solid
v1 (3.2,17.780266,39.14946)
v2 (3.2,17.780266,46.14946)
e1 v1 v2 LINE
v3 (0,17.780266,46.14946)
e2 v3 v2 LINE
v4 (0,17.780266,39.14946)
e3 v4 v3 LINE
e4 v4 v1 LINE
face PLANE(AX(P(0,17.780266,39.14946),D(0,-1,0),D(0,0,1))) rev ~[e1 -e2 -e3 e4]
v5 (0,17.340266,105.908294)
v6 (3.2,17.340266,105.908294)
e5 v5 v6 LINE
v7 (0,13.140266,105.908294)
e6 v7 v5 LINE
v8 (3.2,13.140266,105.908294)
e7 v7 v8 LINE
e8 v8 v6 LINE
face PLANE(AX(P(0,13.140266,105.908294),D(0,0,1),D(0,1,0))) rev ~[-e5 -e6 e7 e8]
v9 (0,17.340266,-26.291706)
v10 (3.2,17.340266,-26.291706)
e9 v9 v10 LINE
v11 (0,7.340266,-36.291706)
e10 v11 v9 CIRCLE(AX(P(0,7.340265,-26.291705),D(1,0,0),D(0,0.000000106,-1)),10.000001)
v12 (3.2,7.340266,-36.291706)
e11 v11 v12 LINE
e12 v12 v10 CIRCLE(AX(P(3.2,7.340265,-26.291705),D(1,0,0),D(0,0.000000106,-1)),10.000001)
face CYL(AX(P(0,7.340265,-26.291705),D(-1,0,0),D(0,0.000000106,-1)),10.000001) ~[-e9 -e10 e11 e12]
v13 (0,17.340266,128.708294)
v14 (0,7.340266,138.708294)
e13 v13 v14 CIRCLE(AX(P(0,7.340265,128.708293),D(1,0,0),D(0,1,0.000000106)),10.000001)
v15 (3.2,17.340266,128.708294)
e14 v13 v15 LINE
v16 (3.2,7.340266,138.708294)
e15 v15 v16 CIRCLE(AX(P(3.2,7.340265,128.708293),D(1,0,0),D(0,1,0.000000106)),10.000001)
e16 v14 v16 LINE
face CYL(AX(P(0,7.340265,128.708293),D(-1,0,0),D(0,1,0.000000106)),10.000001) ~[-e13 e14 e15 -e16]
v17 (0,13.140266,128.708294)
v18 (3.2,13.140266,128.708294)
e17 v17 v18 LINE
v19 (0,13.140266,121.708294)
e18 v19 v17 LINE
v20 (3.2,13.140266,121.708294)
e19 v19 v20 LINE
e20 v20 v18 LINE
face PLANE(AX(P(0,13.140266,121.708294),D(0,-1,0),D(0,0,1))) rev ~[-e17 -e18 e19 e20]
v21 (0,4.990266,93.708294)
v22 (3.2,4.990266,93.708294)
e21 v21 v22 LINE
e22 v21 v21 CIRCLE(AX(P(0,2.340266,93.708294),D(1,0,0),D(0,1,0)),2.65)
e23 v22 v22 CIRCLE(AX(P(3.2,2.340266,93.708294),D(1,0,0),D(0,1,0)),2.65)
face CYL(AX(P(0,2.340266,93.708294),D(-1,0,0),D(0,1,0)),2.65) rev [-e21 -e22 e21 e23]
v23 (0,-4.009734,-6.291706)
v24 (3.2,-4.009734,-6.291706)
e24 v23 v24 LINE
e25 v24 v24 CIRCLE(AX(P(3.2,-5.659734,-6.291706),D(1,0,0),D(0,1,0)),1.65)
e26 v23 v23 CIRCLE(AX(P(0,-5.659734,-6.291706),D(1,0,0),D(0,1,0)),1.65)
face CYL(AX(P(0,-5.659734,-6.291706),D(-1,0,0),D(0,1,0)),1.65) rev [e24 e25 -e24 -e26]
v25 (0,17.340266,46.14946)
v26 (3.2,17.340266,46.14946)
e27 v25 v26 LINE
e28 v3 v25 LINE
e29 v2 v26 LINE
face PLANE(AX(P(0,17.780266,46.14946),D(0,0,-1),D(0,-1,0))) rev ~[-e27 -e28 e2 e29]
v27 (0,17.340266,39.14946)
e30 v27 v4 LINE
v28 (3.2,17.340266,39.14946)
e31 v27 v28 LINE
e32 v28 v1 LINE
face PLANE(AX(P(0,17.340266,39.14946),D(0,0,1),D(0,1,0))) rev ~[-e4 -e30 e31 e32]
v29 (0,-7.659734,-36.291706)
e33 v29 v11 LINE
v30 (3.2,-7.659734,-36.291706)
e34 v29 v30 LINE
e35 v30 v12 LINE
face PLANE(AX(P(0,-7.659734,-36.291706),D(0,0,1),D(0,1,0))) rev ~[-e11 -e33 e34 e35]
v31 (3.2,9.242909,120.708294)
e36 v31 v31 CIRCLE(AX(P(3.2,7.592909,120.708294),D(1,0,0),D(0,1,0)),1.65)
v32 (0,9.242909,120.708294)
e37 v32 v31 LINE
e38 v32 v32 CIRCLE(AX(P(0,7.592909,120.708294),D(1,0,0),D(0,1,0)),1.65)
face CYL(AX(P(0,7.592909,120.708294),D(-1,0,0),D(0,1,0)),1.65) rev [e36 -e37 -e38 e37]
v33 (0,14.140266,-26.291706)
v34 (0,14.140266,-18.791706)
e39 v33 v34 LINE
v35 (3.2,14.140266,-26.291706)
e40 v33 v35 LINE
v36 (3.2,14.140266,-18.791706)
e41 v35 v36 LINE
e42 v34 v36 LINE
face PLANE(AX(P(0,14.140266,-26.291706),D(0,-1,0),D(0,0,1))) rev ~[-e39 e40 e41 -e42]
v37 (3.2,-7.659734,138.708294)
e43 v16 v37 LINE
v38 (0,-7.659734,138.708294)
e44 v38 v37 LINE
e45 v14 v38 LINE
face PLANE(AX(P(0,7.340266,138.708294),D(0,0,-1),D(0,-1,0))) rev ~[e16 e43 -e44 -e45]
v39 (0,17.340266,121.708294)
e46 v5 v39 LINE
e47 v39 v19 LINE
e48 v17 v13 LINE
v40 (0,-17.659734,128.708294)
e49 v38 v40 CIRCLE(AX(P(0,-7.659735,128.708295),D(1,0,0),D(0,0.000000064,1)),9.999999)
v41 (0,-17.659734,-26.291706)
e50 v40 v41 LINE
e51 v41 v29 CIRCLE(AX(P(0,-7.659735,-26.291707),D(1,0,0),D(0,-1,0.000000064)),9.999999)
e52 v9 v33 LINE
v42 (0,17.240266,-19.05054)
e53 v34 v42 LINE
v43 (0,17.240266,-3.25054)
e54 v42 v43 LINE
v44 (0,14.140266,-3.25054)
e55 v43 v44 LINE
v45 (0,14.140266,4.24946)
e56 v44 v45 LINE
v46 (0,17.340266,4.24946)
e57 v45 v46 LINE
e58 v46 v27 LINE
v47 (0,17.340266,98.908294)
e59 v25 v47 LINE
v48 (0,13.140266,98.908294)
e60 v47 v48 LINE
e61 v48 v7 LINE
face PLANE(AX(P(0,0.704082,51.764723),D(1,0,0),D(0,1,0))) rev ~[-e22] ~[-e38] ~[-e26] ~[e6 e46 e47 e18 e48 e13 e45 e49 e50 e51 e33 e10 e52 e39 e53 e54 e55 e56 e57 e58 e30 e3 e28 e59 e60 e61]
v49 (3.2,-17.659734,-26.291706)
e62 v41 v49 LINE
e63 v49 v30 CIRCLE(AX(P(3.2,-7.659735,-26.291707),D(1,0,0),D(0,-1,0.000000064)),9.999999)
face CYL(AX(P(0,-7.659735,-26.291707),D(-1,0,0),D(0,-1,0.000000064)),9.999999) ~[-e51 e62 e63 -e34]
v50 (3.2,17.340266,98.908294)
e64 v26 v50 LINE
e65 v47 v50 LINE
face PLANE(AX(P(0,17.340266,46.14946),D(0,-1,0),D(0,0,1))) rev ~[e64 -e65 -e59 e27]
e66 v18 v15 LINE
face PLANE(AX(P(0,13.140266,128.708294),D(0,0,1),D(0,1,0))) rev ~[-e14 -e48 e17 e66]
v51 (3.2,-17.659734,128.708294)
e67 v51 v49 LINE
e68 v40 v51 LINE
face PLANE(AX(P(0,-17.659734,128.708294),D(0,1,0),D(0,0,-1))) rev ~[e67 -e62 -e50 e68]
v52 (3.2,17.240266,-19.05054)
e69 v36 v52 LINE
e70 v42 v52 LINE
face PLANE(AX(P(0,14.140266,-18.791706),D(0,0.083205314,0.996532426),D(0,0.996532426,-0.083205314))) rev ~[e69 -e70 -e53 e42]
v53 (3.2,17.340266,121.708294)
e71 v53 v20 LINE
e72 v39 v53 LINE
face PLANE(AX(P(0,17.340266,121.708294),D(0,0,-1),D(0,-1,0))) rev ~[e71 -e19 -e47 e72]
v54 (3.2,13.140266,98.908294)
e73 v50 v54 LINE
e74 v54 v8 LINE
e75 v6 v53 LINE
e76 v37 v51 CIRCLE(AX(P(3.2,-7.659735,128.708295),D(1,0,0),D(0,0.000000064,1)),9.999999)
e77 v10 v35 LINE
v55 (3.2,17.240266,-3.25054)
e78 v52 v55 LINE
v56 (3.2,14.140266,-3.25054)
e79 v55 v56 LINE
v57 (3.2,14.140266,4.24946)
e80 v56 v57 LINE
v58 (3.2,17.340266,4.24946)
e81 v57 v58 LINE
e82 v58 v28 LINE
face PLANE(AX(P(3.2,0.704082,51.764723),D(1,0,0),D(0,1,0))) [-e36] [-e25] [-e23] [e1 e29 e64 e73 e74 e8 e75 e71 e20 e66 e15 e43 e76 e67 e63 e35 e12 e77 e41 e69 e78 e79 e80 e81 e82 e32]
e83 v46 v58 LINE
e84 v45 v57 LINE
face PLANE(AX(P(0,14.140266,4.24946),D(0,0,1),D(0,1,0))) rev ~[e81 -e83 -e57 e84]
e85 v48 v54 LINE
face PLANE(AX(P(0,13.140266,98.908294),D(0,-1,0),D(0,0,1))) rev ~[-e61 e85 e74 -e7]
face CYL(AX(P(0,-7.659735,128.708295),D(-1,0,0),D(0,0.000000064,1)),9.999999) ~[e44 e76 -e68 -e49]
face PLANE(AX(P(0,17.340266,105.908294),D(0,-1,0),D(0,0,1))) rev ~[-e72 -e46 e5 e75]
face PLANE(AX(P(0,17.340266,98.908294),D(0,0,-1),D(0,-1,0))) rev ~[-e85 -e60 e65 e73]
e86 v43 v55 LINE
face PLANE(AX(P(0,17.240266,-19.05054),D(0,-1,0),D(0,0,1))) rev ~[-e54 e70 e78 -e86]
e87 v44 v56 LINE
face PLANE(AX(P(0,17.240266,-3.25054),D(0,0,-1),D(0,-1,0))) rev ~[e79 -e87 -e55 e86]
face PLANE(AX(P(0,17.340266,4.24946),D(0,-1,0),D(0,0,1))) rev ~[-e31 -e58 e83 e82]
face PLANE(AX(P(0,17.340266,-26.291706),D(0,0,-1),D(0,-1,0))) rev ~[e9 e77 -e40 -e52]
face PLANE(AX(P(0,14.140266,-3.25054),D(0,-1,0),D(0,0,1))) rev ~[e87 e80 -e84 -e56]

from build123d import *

# Parameters (mm, degrees)
F0_R     = 1.65
F0_R_2   = 2.65
F1_DEPTH = 3.2


with BuildPart() as f1:
    # F0 (on Right) → F1 (new body)
    with BuildSketch(Plane.YZ):
        with BuildLine():
            Line((7.340266, 138.708294), (-7.659734, 138.708294))
            ThreePointArc((-7.659734, 138.708294), (-14.730802, 135.779362), (-17.659734, 128.708294))
            Line((-17.659734, 128.708294), (-17.659734, 61.94946))
            Line((-17.659734, 61.94946), (-17.659734, -19.05054))
            Line((-17.659734, -19.05054), (-17.659734, -26.291706))
            ThreePointArc((-17.659734, -26.291706), (-14.730802, -33.362774), (-7.659734, -36.291706))
            Line((-7.659734, -36.291706), (7.340266, -36.291706))
            ThreePointArc((7.340266, -36.291706), (14.411333, -33.362774), (17.340266, -26.291706))
            Line((17.340266, -26.291706), (14.140266, -26.291706))
            Line((14.140266, -26.291706), (14.140266, -18.791706))
            Line((14.140266, -18.791706), (17.240266, -19.05054))
            Line((17.240266, -19.05054), (17.240266, -3.25054))
            Line((17.240266, -3.25054), (14.140266, -3.25054))
            Line((14.140266, -3.25054), (14.140266, 4.24946))
            Line((14.140266, 4.24946), (17.340266, 4.24946))
            Line((17.340266, 4.24946), (17.340266, 10.94946))
            Line((17.340266, 10.94946), (17.340266, 17.94946))
            Line((17.340266, 17.94946), (17.340266, 39.14946))
            Line((17.340266, 39.14946), (17.780266, 39.14946))
            Line((17.780266, 39.14946), (17.780266, 46.14946))
            Line((17.780266, 46.14946), (17.340266, 46.14946))
            Line((17.340266, 46.14946), (17.340266, 74.04946))
            Line((17.340266, 74.04946), (17.340266, 81.04946))
            Line((17.340266, 81.04946), (17.340266, 98.908294))
            Line((17.340266, 98.908294), (13.140266, 98.908294))
            Line((13.140266, 98.908294), (13.140266, 105.908294))
            Line((13.140266, 105.908294), (17.340266, 105.908294))
            Line((17.340266, 105.908294), (17.340266, 108.124746))
            Line((17.340266, 108.124746), (17.340266, 118.424746))
            Line((17.340266, 118.424746), (17.340266, 121.708294))
            Line((17.340266, 121.708294), (13.140266, 121.708294))
            Line((13.140266, 121.708294), (13.140266, 128.708294))
            Line((13.140266, 128.708294), (17.340266, 128.708294))
            ThreePointArc((17.340266, 128.708294), (14.411333, 135.779362), (7.340266, 138.708294))
        make_face()
        with Locations((-5.659734, -6.291706)):
            Circle(F0_R, mode=Mode.SUBTRACT)
        with Locations((2.340266, 93.708294)):
            Circle(F0_R_2, mode=Mode.SUBTRACT)
        with Locations((7.592909, 120.708294)):
            Circle(F0_R, mode=Mode.SUBTRACT)
    extrude(amount=F1_DEPTH)


solid = f1.part
